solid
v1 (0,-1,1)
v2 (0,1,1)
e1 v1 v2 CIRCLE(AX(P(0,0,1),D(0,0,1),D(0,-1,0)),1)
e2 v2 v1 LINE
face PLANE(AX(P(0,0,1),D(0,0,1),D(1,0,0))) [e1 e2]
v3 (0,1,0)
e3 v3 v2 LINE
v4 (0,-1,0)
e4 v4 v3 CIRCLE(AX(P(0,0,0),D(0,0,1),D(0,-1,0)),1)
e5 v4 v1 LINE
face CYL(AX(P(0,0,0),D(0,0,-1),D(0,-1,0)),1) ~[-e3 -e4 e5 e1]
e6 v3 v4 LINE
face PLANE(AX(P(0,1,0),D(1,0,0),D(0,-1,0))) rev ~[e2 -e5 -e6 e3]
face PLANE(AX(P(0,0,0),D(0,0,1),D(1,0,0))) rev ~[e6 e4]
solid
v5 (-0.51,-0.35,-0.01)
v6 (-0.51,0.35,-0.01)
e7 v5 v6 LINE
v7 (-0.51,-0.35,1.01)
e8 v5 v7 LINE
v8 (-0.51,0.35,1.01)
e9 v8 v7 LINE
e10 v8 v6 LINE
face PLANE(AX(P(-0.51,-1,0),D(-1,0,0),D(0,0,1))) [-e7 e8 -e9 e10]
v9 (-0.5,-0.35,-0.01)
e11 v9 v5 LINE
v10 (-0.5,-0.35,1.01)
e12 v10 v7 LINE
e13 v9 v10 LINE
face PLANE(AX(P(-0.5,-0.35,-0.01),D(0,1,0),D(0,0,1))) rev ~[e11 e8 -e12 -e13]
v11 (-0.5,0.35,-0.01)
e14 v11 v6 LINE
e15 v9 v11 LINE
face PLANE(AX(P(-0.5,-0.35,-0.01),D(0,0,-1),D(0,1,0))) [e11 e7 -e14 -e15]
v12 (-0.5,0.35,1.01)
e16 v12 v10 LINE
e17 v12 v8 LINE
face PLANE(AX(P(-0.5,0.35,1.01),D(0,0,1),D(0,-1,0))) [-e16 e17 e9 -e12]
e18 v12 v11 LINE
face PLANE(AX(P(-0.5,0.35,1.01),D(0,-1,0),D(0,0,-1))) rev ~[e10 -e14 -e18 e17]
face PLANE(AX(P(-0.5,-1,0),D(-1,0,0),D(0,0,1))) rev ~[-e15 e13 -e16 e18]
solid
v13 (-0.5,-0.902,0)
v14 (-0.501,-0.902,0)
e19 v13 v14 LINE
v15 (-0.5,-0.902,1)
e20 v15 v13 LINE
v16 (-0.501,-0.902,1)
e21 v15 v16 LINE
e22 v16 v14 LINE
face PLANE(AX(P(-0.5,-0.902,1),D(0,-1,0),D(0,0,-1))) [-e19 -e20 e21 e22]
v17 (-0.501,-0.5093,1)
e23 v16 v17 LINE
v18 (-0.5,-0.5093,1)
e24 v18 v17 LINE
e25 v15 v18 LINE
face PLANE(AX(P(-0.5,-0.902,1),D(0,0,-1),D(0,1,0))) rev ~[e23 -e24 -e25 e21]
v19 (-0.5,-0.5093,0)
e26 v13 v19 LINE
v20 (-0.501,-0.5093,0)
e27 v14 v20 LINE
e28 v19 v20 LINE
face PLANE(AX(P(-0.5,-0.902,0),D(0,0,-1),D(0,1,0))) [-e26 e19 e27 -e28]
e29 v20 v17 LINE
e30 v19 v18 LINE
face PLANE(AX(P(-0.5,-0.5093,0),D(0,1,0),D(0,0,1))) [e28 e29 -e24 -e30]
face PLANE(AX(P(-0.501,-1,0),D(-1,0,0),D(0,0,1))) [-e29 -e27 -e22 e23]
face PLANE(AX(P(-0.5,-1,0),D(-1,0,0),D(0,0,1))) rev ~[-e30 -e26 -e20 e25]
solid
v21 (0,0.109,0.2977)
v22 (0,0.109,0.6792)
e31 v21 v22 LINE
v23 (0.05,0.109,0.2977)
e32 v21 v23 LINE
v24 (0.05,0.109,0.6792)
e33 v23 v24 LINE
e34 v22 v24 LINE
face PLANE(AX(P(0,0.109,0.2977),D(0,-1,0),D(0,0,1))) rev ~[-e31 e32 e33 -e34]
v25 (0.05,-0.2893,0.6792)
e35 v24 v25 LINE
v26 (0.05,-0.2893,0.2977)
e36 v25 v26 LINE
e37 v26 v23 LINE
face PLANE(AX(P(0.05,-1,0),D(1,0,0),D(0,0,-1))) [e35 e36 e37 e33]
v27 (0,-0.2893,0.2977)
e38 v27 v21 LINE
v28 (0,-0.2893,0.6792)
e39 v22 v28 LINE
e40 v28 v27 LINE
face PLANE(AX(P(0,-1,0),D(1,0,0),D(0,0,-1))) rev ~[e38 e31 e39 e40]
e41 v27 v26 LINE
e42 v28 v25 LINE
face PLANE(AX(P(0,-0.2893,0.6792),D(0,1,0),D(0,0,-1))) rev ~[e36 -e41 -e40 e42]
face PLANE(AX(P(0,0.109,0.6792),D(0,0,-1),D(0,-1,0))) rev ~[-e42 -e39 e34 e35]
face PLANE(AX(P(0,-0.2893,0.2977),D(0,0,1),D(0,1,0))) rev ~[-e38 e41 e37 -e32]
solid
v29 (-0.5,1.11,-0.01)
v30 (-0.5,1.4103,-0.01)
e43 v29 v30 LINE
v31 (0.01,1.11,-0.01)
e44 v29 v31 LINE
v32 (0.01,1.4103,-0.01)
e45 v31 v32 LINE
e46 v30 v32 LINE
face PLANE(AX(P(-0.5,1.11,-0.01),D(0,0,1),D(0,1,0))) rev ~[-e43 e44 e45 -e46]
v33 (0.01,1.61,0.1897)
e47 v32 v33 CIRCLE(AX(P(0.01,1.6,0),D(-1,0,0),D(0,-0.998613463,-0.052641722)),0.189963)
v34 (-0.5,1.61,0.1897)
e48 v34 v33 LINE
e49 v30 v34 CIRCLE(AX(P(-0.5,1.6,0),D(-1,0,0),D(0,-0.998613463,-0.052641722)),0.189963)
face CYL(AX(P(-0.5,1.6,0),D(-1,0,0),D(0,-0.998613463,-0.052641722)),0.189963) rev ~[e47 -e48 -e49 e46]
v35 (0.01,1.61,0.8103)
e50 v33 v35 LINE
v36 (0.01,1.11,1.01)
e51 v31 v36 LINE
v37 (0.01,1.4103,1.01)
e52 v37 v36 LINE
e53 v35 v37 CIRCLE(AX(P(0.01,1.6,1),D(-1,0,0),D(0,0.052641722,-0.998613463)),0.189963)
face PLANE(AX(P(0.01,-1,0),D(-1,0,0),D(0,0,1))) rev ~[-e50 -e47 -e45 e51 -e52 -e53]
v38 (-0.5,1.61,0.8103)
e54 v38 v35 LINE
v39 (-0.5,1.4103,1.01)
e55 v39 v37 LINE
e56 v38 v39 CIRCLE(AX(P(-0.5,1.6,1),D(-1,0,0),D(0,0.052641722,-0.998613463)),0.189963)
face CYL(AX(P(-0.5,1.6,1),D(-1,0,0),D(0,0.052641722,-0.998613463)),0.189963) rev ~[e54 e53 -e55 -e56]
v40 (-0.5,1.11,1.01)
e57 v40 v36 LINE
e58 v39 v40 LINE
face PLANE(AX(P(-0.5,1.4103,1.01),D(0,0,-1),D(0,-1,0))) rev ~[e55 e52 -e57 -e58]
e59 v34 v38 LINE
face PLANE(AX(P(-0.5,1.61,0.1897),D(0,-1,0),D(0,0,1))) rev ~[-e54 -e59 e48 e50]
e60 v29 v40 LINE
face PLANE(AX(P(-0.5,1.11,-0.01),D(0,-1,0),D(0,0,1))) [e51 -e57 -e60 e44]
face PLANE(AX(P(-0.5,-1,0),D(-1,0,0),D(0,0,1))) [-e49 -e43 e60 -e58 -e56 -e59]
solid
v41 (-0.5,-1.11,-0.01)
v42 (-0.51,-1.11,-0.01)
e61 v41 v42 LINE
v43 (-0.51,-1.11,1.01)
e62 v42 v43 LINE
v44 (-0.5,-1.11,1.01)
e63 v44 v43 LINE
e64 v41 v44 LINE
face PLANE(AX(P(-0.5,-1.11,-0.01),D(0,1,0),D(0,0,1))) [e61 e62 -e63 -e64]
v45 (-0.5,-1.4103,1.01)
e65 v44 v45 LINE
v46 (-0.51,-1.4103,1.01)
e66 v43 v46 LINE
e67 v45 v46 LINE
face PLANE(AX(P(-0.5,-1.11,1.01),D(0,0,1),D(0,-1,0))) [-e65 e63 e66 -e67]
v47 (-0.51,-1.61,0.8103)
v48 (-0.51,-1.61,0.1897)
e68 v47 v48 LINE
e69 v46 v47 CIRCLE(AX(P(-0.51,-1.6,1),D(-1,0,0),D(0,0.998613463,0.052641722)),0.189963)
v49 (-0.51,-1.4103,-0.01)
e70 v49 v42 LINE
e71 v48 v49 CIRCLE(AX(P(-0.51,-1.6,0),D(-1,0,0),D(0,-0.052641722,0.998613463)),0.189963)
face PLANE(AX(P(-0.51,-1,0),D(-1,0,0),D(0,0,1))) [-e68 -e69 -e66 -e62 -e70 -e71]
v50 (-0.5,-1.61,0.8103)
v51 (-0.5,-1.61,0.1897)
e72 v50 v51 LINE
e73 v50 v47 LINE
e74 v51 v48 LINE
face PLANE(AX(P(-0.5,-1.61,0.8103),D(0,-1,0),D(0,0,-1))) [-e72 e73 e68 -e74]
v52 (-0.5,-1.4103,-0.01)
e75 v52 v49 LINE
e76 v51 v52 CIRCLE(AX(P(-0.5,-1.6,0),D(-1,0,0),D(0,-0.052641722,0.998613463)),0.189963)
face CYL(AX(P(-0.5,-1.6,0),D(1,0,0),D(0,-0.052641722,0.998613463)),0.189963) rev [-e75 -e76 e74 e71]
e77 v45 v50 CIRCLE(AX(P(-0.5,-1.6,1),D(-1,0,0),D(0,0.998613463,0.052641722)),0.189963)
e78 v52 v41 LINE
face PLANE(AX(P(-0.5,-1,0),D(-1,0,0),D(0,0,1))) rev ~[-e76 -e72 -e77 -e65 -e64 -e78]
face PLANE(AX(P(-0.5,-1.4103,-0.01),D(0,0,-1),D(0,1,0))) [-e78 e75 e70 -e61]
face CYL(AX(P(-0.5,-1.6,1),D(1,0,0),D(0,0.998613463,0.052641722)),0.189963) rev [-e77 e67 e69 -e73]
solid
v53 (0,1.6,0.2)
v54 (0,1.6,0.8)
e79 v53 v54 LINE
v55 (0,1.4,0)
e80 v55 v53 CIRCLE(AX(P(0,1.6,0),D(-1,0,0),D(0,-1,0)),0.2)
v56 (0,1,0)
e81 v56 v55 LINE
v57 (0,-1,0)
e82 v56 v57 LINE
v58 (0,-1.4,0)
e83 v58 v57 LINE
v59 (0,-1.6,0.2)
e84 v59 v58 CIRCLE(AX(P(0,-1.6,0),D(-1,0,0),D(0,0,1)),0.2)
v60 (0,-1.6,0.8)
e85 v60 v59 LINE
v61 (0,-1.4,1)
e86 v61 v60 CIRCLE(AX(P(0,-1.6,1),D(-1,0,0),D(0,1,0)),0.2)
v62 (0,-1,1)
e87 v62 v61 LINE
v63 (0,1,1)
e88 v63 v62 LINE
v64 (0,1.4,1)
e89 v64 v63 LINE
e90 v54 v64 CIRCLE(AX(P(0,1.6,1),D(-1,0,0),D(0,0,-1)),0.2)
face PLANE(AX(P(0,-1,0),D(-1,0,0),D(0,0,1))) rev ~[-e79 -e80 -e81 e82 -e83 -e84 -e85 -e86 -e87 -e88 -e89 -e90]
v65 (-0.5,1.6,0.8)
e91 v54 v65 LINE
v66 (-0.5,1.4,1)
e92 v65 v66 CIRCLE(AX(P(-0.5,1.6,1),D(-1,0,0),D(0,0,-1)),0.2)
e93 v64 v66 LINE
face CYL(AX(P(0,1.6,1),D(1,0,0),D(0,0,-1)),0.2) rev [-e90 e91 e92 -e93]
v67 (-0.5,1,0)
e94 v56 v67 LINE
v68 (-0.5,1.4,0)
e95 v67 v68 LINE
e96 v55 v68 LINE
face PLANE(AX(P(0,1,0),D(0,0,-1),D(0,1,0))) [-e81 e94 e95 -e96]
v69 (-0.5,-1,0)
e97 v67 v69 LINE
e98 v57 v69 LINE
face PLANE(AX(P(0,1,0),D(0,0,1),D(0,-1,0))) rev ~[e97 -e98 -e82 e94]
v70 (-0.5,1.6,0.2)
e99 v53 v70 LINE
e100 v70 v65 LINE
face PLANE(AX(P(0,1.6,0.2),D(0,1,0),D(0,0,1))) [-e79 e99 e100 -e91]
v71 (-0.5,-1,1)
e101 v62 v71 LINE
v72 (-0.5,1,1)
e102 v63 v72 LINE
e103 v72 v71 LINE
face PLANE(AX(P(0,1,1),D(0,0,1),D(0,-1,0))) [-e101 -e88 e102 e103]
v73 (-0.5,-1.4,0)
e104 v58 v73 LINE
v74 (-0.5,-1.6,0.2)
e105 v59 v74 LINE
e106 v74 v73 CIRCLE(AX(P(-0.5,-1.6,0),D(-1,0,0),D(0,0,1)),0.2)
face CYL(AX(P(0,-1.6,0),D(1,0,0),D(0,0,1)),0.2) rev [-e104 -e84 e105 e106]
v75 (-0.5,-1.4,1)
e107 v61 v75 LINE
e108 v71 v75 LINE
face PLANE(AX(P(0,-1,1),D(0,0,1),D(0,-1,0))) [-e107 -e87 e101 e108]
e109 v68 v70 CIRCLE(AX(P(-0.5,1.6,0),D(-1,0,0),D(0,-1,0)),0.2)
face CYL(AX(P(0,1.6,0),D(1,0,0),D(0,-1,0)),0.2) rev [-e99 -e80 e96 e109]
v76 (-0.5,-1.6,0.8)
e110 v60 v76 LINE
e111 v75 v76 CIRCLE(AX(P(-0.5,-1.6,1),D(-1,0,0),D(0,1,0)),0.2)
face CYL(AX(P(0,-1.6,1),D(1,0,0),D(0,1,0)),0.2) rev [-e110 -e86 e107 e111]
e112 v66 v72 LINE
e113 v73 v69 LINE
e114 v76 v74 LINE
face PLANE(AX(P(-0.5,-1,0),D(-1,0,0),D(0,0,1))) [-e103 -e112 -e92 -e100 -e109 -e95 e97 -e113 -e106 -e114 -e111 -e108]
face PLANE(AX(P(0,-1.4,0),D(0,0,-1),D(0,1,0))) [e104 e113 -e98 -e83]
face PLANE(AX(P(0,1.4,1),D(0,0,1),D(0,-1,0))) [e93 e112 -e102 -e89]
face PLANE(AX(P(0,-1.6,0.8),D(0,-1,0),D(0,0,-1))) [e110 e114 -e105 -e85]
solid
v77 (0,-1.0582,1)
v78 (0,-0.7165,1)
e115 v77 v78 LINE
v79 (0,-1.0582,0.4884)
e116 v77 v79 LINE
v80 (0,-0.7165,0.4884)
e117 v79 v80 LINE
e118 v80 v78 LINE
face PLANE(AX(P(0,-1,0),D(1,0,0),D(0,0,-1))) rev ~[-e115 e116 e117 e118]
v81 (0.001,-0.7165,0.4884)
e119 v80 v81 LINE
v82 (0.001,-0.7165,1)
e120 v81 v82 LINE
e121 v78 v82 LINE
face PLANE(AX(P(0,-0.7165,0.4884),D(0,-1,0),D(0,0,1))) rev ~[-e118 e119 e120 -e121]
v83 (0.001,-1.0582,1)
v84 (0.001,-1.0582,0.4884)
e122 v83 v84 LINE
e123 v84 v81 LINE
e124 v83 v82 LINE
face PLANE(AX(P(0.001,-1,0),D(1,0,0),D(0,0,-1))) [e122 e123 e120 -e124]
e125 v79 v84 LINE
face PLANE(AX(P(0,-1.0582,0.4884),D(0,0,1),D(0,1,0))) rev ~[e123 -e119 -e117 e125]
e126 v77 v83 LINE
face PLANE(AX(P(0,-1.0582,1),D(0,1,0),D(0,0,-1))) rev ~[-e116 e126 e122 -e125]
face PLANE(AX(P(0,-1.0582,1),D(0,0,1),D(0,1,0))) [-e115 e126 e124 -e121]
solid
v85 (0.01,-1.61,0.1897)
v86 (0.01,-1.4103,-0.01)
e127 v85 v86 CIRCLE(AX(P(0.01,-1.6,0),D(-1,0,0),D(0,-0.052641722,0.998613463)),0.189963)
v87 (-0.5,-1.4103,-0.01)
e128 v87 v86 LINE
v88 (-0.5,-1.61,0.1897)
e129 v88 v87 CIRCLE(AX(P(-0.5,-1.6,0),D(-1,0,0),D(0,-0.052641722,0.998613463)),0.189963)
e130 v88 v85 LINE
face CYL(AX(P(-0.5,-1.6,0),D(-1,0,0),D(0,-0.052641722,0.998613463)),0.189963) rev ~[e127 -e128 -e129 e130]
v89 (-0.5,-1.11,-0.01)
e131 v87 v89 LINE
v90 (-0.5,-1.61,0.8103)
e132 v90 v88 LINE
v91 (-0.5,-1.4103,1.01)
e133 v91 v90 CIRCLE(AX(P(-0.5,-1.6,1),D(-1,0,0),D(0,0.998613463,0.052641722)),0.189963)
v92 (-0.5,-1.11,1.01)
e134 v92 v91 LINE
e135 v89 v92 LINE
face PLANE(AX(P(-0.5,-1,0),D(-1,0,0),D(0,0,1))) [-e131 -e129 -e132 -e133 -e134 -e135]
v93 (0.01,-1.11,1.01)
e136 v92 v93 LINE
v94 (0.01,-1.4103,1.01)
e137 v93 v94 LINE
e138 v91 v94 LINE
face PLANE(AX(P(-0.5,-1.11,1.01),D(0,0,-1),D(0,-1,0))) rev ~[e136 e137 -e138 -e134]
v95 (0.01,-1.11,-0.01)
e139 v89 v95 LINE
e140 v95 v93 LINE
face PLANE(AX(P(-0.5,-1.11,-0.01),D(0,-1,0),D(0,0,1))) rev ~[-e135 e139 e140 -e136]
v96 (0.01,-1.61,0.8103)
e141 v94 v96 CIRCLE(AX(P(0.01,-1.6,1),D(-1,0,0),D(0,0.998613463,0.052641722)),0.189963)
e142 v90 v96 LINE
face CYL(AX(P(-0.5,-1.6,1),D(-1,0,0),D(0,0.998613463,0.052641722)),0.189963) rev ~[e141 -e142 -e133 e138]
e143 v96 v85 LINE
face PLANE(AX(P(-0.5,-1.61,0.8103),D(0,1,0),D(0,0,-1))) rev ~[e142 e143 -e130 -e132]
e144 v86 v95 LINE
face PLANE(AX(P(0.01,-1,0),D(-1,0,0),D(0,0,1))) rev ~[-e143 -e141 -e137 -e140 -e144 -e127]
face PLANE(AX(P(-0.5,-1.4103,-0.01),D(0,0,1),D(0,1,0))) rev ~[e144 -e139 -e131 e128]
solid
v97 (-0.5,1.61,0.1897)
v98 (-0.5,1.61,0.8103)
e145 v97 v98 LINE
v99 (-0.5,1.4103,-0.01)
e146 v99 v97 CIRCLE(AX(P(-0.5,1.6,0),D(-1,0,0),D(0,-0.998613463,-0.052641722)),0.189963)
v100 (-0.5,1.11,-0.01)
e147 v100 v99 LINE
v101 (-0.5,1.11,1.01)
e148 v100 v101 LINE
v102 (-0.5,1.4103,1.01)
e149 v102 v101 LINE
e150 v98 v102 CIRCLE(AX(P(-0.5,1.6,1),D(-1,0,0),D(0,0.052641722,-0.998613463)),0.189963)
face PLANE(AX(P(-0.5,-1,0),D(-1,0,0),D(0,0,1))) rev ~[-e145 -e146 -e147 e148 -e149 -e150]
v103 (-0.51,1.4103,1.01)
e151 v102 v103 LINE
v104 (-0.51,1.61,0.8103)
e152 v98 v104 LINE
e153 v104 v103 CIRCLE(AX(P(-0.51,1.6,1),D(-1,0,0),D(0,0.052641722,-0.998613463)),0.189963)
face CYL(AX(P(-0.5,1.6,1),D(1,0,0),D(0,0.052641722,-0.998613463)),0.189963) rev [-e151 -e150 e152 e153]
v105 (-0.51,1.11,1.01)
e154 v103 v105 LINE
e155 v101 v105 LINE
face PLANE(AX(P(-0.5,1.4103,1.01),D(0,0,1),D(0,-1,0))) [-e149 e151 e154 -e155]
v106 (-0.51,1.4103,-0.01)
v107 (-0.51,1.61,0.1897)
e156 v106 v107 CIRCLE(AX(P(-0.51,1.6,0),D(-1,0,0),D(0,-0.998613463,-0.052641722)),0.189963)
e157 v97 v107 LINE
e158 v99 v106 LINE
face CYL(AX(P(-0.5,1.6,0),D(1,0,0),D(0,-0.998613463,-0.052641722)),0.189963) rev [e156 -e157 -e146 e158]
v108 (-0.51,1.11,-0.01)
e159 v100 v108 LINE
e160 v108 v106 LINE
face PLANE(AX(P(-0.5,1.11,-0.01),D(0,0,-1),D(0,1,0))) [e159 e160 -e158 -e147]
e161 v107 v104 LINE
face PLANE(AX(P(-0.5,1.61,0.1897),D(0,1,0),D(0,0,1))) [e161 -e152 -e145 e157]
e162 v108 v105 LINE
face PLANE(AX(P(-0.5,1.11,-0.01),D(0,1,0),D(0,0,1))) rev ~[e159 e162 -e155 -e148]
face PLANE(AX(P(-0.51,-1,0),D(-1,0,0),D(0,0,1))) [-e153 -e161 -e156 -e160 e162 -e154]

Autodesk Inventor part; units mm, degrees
ref_plane "YZ Plane" through (0, 0, 0) normal (1, 0, 0) x (0, 1, 0)
ref_plane "XZ Plane" through (0, 0, 0) normal (0, 1, 0) x (-1, 0, 0)
ref_plane "XY Plane" through (0, 0, 0) normal (0, 0, 1) x (1, 0, 0)
sketch "Sketch1" plane through (0, 0, 0) normal (0, 0, 1) x (1, 0, 0)
  arc A0 (0, -1) -> (0, 1) centre (0, 0) ccw
  line L0 (0, 0) -> (0, 1) construction
  line L1 (0, 0) -> (1, 0) construction
  line L2 (0, 0) -> (0, -1) construction
  line L3 (0, 1) -> (0, -1)
  dimension "d0" = 1
  dimension "d1" = 90
  dimension "d2" = 180
extrude "Extrusion1" add sketch "Sketch1" along normal blind 1
sketch "Sketch2" plane through (0, -1, 0) normal (-1, 0, 0) x (0, 0, 1)
  line L0 (0, 2.6) -> (1, 2.6)
  line L1 (1, 2.6) -> (1, -0.6)
  line L2 (1, -0.6) -> (0, -0.6)
  line L3 (0, -0.6) -> (0, 2.6)
  line L4 (0, 2) -> (0, 0) projected
  line L5 (1, 2) -> (1, 0) projected
  arc A0 (0, 2.4) -> (0.2, 2.6) centre (0, 2.6) ccw
  arc A1 (0.8, 2.6) -> (1, 2.4) centre (1, 2.6) ccw
  arc A2 (1, -0.4) -> (0.8, -0.6) centre (1, -0.6) ccw
  arc A3 (0.2, -0.6) -> (0, -0.4) centre (0, -0.6) ccw
  point P0 (0, 1)
  point P1 (1, 1)
  point P2 (1, 1)
  dimension "d5" = 3.2
  dimension "d6" = 0.2
extrude "Extrusion2" add sketch "Sketch2" along normal blind 0.5 separate body contours L0 A1 L1 A2 L2 A3 L3 A0
sketch "Sketch3" plane through (-0.5, -1, 0) normal (-1, 0, 0) x (0, 0, 1)
  line L0 (0, 2.4) -> (0, -0.4) construction
  arc A0 (0.2, -0.6) -> (0, -0.4) centre (0, -0.6) ccw projected
  line L1 (0.2, -0.6) -> (0.8, -0.6) projected
  arc A1 (1, -0.4) -> (0.8, -0.6) centre (1, -0.6) ccw projected
  line L2 (1, -0.4) -> (1, 2.4) construction
  arc A2 (0.8, 2.6) -> (1, 2.4) centre (1, 2.6) ccw projected
  line L3 (0.8, 2.6) -> (0.2, 2.6) projected
  arc A3 (0, 2.4) -> (0.2, 2.6) centre (0, 2.6) ccw projected
  line L4 (1.01, 2.4103) -> (1.01, -0.4103)
  arc A4 (1.01, -0.4103) -> (0.8103, -0.61) centre (1, -0.6) ccw
  line L5 (0.8103, -0.61) -> (0.1897, -0.61)
  arc A5 (0.1897, -0.61) -> (-0.01, -0.4103) centre (0, -0.6) ccw
  line L6 (-0.01, -0.4103) -> (-0.01, 2.4103)
  arc A6 (-0.01, 2.4103) -> (0.1897, 2.61) centre (0, 2.6) ccw
  line L7 (0.1897, 2.61) -> (0.8103, 2.61)
  arc A7 (0.8103, 2.61) -> (1.01, 2.4103) centre (1, 2.6) ccw
  line L8 (-0.01, 2.11) -> (1.01, 2.11)
  line L9 (-0.01, -0.11) -> (1.01, -0.11)
  line L10 (1.01, 1.35) -> (-0.01, 1.35)
  line L11 (-0.01, 1.35) -> (-0.01, 0.65)
  line L12 (-0.01, 0.65) -> (1.01, 0.65)
  line L13 (1.01, 0.65) -> (1.01, 1.35)
  point P0 (0, 1)
  point P1 (1.01, 1)
  point P2 (1.01, 1)
  dimension "d9" = 0.01
  dimension "d10" = 0.5
  dimension "d11" = 0.5
  dimension "d22" = 0.7
extrude "Extrusion3" add sketch "Sketch3" against normal blind 0.51 separate body contours L4 L8 L6 A6 L7 A7 | L4 A4 L5 A5 L6 L9
extrude "Extrusion4" add sketch "Sketch3" along normal blind 0.01 separate body contours L4 L8 L6 A6 L7 A7 | L4 L12 L6 L10 | L4 A4 L5 A5 L6 L9
sketch "Sketch4" plane through (-0.5, -1, 0) normal (-1, 0, 0) x (0, 0, 1)
  line L0 (1, -0.4) -> (1, 2.4) projected
  line L1 (1, 0) -> (1, 2) projected
  line L2 (1, 0.098) -> (0, 0.098)
  line L3 (0, 0.098) -> (0, 0.4907)
  line L4 (0, 0.4907) -> (1, 0.4907)
  line L5 (1, 0.4907) -> (1, 0.098)
  line L6 (0, 2.4) -> (0, -0.4) projected
  point P0 (0, 1)
  point P1 (1, 1.9835)
extrude "Extrusion5" add sketch "Sketch4" along normal blind 0.001 separate body
sketch "Sketch5" plane through (0, -1, 0) normal (1, 0, 0) x (0, 0, -1)
  line L0 (-1, -0.4) -> (-1, 2.4) projected
  line L1 (-1, -0.0582) -> (-0.4884, -0.0582)
  line L2 (-0.4884, -0.0582) -> (-0.4884, 0.2835)
  line L3 (-0.4884, 0.2835) -> (-1, 0.2835)
  line L4 (-1, 0.2835) -> (-1, -0.0582)
extrude "Extrusion6" add sketch "Sketch5" along normal blind 0.001 bodies 5
sketch "Sketch6" plane through (0, -1, 0) normal (1, 0, 0) x (0, 0, -1)
  line L0 (-0.6792, 0.7107) -> (-0.2977, 0.7107)
  line L1 (-0.2977, 0.7107) -> (-0.2977, 1.109)
  line L2 (-0.2977, 1.109) -> (-0.6792, 1.109)
  line L3 (-0.6792, 1.109) -> (-0.6792, 0.7107)
  point P0 (0, 1)
extrude "Extrusion7" add sketch "Sketch6" along normal blind 0.05 separate body
equation "\"d11\" = d10"
properties part number "LED 3216 RA"
